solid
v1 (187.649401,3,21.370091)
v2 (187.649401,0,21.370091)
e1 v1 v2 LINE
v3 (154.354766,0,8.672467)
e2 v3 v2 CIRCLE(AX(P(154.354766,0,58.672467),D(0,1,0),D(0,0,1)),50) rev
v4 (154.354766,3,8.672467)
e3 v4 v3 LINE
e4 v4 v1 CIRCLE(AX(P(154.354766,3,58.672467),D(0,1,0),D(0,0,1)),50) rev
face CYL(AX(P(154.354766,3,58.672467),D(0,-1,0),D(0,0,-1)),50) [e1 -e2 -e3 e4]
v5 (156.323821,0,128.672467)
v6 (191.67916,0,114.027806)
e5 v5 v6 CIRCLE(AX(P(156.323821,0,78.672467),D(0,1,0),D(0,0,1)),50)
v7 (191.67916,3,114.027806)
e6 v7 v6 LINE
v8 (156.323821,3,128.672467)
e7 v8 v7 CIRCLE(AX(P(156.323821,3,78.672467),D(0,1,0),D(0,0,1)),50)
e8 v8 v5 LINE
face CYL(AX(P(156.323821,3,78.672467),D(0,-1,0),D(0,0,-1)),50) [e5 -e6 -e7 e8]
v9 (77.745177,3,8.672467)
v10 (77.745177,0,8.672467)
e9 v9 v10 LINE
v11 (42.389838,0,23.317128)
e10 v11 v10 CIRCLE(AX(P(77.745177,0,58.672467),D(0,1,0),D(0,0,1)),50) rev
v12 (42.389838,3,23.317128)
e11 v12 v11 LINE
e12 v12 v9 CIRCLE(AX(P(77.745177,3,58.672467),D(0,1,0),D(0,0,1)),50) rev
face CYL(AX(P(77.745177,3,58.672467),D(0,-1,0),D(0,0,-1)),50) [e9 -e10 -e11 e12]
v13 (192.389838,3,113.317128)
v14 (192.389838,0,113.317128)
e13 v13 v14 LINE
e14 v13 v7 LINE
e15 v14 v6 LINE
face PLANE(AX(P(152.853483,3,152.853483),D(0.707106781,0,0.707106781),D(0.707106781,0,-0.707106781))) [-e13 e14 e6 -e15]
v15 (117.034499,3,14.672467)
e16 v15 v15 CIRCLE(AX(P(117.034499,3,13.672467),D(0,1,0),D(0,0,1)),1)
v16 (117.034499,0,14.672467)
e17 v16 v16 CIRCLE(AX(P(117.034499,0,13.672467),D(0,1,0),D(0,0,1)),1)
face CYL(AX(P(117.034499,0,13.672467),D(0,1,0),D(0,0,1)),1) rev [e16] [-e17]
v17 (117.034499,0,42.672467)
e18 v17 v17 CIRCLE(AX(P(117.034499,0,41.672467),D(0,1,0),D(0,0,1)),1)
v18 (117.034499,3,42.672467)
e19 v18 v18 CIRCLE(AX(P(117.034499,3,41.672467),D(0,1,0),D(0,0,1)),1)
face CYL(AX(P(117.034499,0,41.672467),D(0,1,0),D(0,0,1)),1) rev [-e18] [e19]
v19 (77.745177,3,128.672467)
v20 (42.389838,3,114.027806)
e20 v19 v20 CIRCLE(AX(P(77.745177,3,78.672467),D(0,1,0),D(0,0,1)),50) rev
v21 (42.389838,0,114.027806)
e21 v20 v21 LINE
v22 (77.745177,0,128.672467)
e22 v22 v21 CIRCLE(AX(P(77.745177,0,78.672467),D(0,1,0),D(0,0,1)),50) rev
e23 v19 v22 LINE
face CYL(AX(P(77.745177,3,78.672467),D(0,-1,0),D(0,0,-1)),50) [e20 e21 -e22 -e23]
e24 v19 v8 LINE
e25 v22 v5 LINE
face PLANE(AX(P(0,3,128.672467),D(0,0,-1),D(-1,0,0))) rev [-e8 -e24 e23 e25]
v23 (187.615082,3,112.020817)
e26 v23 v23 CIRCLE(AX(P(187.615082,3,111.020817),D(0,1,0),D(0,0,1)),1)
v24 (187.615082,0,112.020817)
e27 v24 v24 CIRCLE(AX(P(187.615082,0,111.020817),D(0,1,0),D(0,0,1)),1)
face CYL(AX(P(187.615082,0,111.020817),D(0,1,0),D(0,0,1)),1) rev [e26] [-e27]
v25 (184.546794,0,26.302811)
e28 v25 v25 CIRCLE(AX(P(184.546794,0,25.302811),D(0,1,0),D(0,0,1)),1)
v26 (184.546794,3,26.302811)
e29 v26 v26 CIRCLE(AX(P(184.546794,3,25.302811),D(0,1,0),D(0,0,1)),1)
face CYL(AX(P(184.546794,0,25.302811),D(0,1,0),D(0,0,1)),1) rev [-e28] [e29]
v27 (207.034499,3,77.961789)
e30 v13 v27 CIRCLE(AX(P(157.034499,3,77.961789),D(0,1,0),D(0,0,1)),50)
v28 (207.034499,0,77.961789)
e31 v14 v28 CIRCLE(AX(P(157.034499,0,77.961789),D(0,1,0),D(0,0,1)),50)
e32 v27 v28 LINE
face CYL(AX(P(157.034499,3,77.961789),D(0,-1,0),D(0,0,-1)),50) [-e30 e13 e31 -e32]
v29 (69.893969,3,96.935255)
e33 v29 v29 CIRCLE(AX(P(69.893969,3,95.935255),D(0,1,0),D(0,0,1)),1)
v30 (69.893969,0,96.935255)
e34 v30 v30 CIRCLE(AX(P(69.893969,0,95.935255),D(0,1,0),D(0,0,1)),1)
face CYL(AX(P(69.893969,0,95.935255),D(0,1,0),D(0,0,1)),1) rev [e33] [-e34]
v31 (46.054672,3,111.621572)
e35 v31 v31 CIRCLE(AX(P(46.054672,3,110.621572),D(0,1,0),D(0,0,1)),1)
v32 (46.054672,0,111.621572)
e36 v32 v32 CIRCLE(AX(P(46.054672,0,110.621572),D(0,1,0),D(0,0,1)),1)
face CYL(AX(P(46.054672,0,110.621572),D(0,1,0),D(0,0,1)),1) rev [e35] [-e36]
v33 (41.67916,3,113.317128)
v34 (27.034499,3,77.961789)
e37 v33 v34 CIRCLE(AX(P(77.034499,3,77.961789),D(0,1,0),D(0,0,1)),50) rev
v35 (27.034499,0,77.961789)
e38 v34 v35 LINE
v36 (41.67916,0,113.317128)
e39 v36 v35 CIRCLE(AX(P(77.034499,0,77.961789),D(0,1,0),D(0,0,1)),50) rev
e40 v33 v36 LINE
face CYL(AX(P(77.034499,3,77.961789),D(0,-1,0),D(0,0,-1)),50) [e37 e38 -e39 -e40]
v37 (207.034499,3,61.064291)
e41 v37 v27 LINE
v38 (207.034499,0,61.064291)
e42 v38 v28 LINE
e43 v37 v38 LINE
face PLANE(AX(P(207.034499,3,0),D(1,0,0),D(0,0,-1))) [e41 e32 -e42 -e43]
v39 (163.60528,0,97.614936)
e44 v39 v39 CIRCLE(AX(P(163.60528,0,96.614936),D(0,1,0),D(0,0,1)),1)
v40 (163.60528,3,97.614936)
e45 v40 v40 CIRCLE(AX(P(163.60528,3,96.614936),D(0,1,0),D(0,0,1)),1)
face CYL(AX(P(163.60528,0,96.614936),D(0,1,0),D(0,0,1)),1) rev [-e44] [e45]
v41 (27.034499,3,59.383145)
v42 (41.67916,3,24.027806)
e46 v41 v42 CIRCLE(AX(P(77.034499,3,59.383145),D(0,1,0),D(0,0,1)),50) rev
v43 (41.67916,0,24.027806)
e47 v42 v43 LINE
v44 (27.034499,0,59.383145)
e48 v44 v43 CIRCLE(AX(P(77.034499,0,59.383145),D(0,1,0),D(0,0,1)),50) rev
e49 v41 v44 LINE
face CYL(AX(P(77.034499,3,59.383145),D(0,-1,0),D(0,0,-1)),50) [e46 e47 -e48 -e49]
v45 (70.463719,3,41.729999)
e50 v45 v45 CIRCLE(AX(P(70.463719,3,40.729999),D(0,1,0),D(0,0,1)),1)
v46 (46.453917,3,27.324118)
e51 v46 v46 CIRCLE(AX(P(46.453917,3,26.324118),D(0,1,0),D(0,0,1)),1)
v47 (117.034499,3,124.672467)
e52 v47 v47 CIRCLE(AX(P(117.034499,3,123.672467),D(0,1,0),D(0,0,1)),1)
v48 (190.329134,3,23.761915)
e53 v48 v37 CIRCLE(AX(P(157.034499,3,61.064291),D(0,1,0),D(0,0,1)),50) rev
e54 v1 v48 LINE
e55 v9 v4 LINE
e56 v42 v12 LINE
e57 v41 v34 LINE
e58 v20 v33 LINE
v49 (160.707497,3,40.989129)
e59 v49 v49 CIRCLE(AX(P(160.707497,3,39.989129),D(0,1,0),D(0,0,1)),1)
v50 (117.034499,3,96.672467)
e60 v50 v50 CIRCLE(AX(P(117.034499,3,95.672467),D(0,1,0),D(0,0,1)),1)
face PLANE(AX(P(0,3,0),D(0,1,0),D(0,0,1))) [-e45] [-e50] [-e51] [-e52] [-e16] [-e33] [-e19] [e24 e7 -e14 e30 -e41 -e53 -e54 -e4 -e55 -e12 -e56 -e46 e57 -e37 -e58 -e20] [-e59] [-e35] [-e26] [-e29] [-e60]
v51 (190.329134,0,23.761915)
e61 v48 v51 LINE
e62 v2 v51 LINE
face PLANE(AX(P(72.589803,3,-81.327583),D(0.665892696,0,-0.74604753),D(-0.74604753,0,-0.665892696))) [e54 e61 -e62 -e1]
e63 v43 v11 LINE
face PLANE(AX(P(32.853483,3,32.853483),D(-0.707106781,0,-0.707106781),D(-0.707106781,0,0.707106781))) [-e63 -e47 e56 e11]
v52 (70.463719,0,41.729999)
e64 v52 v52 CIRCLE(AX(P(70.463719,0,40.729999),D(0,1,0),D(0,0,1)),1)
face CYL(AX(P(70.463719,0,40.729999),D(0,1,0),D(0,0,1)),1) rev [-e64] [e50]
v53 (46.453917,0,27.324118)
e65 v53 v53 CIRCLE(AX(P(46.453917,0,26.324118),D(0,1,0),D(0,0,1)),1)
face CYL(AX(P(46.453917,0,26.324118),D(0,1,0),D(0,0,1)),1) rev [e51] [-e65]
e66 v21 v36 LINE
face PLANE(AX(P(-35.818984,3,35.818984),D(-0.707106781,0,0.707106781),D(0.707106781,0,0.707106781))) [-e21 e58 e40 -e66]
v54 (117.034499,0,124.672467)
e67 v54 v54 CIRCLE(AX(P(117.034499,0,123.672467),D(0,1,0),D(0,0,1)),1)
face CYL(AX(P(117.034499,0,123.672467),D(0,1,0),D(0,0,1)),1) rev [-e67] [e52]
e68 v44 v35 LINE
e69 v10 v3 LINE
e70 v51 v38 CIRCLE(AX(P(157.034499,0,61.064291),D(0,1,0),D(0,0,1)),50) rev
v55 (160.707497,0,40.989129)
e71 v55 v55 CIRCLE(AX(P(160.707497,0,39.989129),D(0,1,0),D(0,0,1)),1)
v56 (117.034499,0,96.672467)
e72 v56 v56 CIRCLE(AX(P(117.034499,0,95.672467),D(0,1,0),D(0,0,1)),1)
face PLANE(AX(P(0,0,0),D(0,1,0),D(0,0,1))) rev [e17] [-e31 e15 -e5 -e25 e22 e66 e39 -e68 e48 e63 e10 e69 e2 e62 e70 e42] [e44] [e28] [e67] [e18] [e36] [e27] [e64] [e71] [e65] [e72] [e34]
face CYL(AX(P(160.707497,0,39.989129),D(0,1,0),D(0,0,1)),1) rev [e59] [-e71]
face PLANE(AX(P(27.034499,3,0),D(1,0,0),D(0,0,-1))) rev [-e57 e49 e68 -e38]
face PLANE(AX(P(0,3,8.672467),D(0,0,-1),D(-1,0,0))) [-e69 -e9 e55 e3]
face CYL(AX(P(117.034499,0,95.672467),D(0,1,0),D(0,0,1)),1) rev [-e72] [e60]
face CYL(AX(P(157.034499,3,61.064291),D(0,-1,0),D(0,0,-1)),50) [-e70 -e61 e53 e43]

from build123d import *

# Parameters (mm, degrees)
BOSS_EXTRUDE1_DEPTH = 3
SKETCH3_R           = 1
CUT_EXTRUDE1_DEPTH  = 4


with BuildPart() as part:
    # Sketch1 → Boss-Extrude1 (new body)
    with BuildSketch(Plane(origin=(0, 0, 0), x_dir=(1, 0, 0), z_dir=(0, 1, 0))):
        with BuildLine():
            Line((27.034499206, -59.38314523), (27.034499206, -77.961788992))
            ThreePointArc((27.034499206, -77.961788992), (30.840522581, -97.095960611), (41.679160147, -113.317128052))
            Line((41.679160147, -113.317128052), (42.389838265, -114.02780617))
            ThreePointArc((42.389838265, -114.02780617), (58.611005706, -124.866443737), (77.745177325, -128.672467111))
            Line((77.745177325, -128.672467111), (156.323821087, -128.672467111))
            ThreePointArc((156.323821087, -128.672467111), (175.457992706, -124.866443737), (191.679160147, -114.02780617))
            Line((191.679160147, -114.02780617), (192.389838265, -113.317128052))
            ThreePointArc((192.389838265, -113.317128052), (203.228475832, -97.095960611), (207.034499206, -77.961788992))
            Line((207.034499206, -77.961788992), (207.034499206, -61.064291371))
            ThreePointArc((207.034499206, -61.064291371), (202.66744641, -40.628192686), (190.329134028, -23.761914877))
            Line((190.329134028, -23.761914877), (187.649401106, -21.370090617))
            ThreePointArc((187.649401106, -21.370090617), (172.171628737, -11.954596736), (154.354766284, -8.672467111))
            Line((154.354766284, -8.672467111), (77.745177325, -8.672467111))
            ThreePointArc((77.745177325, -8.672467111), (58.611005706, -12.478490485), (42.389838265, -23.317128052))
            Line((42.389838265, -23.317128052), (41.679160147, -24.02780617))
            ThreePointArc((41.679160147, -24.02780617), (30.840522581, -40.248973611), (27.034499206, -59.38314523))
        make_face()
    extrude(amount=BOSS_EXTRUDE1_DEPTH)

    # Sketch3 → Cut-Extrude1 (cut, through all)
    with BuildSketch(Plane(origin=(0, 3, 0), x_dir=(1, 0, 0), z_dir=(0, 1, 0))):
        with Locations((70.463718508, -40.729998692)):
            Circle(SKETCH3_R)
        with Locations((46.453916589, -26.324117541)):
            Circle(SKETCH3_R)
        with Locations((117.034499206, -41.672467111)):
            Circle(SKETCH3_R)
        with Locations((184.546793577, -25.302810972)):
            Circle(SKETCH3_R)
        with Locations((117.034499206, -13.672467111)):
            Circle(SKETCH3_R)
        with Locations((160.707496688, -39.989128545)):
            Circle(SKETCH3_R)
        with Locations((163.605279904, -96.61493553)):
            Circle(SKETCH3_R)
        with Locations((187.615081824, -111.020816682)):
            Circle(SKETCH3_R)
        with Locations((117.034499206, -95.672467111)):
            Circle(SKETCH3_R)
        with Locations((117.034499206, -123.672467111)):
            Circle(SKETCH3_R)
        with Locations((46.054672056, -110.621572149)):
            Circle(SKETCH3_R)
        with Locations((69.893968945, -95.935254577)):
            Circle(SKETCH3_R)
    extrude(amount=-CUT_EXTRUDE1_DEPTH, mode=Mode.SUBTRACT)


solid = part.part
